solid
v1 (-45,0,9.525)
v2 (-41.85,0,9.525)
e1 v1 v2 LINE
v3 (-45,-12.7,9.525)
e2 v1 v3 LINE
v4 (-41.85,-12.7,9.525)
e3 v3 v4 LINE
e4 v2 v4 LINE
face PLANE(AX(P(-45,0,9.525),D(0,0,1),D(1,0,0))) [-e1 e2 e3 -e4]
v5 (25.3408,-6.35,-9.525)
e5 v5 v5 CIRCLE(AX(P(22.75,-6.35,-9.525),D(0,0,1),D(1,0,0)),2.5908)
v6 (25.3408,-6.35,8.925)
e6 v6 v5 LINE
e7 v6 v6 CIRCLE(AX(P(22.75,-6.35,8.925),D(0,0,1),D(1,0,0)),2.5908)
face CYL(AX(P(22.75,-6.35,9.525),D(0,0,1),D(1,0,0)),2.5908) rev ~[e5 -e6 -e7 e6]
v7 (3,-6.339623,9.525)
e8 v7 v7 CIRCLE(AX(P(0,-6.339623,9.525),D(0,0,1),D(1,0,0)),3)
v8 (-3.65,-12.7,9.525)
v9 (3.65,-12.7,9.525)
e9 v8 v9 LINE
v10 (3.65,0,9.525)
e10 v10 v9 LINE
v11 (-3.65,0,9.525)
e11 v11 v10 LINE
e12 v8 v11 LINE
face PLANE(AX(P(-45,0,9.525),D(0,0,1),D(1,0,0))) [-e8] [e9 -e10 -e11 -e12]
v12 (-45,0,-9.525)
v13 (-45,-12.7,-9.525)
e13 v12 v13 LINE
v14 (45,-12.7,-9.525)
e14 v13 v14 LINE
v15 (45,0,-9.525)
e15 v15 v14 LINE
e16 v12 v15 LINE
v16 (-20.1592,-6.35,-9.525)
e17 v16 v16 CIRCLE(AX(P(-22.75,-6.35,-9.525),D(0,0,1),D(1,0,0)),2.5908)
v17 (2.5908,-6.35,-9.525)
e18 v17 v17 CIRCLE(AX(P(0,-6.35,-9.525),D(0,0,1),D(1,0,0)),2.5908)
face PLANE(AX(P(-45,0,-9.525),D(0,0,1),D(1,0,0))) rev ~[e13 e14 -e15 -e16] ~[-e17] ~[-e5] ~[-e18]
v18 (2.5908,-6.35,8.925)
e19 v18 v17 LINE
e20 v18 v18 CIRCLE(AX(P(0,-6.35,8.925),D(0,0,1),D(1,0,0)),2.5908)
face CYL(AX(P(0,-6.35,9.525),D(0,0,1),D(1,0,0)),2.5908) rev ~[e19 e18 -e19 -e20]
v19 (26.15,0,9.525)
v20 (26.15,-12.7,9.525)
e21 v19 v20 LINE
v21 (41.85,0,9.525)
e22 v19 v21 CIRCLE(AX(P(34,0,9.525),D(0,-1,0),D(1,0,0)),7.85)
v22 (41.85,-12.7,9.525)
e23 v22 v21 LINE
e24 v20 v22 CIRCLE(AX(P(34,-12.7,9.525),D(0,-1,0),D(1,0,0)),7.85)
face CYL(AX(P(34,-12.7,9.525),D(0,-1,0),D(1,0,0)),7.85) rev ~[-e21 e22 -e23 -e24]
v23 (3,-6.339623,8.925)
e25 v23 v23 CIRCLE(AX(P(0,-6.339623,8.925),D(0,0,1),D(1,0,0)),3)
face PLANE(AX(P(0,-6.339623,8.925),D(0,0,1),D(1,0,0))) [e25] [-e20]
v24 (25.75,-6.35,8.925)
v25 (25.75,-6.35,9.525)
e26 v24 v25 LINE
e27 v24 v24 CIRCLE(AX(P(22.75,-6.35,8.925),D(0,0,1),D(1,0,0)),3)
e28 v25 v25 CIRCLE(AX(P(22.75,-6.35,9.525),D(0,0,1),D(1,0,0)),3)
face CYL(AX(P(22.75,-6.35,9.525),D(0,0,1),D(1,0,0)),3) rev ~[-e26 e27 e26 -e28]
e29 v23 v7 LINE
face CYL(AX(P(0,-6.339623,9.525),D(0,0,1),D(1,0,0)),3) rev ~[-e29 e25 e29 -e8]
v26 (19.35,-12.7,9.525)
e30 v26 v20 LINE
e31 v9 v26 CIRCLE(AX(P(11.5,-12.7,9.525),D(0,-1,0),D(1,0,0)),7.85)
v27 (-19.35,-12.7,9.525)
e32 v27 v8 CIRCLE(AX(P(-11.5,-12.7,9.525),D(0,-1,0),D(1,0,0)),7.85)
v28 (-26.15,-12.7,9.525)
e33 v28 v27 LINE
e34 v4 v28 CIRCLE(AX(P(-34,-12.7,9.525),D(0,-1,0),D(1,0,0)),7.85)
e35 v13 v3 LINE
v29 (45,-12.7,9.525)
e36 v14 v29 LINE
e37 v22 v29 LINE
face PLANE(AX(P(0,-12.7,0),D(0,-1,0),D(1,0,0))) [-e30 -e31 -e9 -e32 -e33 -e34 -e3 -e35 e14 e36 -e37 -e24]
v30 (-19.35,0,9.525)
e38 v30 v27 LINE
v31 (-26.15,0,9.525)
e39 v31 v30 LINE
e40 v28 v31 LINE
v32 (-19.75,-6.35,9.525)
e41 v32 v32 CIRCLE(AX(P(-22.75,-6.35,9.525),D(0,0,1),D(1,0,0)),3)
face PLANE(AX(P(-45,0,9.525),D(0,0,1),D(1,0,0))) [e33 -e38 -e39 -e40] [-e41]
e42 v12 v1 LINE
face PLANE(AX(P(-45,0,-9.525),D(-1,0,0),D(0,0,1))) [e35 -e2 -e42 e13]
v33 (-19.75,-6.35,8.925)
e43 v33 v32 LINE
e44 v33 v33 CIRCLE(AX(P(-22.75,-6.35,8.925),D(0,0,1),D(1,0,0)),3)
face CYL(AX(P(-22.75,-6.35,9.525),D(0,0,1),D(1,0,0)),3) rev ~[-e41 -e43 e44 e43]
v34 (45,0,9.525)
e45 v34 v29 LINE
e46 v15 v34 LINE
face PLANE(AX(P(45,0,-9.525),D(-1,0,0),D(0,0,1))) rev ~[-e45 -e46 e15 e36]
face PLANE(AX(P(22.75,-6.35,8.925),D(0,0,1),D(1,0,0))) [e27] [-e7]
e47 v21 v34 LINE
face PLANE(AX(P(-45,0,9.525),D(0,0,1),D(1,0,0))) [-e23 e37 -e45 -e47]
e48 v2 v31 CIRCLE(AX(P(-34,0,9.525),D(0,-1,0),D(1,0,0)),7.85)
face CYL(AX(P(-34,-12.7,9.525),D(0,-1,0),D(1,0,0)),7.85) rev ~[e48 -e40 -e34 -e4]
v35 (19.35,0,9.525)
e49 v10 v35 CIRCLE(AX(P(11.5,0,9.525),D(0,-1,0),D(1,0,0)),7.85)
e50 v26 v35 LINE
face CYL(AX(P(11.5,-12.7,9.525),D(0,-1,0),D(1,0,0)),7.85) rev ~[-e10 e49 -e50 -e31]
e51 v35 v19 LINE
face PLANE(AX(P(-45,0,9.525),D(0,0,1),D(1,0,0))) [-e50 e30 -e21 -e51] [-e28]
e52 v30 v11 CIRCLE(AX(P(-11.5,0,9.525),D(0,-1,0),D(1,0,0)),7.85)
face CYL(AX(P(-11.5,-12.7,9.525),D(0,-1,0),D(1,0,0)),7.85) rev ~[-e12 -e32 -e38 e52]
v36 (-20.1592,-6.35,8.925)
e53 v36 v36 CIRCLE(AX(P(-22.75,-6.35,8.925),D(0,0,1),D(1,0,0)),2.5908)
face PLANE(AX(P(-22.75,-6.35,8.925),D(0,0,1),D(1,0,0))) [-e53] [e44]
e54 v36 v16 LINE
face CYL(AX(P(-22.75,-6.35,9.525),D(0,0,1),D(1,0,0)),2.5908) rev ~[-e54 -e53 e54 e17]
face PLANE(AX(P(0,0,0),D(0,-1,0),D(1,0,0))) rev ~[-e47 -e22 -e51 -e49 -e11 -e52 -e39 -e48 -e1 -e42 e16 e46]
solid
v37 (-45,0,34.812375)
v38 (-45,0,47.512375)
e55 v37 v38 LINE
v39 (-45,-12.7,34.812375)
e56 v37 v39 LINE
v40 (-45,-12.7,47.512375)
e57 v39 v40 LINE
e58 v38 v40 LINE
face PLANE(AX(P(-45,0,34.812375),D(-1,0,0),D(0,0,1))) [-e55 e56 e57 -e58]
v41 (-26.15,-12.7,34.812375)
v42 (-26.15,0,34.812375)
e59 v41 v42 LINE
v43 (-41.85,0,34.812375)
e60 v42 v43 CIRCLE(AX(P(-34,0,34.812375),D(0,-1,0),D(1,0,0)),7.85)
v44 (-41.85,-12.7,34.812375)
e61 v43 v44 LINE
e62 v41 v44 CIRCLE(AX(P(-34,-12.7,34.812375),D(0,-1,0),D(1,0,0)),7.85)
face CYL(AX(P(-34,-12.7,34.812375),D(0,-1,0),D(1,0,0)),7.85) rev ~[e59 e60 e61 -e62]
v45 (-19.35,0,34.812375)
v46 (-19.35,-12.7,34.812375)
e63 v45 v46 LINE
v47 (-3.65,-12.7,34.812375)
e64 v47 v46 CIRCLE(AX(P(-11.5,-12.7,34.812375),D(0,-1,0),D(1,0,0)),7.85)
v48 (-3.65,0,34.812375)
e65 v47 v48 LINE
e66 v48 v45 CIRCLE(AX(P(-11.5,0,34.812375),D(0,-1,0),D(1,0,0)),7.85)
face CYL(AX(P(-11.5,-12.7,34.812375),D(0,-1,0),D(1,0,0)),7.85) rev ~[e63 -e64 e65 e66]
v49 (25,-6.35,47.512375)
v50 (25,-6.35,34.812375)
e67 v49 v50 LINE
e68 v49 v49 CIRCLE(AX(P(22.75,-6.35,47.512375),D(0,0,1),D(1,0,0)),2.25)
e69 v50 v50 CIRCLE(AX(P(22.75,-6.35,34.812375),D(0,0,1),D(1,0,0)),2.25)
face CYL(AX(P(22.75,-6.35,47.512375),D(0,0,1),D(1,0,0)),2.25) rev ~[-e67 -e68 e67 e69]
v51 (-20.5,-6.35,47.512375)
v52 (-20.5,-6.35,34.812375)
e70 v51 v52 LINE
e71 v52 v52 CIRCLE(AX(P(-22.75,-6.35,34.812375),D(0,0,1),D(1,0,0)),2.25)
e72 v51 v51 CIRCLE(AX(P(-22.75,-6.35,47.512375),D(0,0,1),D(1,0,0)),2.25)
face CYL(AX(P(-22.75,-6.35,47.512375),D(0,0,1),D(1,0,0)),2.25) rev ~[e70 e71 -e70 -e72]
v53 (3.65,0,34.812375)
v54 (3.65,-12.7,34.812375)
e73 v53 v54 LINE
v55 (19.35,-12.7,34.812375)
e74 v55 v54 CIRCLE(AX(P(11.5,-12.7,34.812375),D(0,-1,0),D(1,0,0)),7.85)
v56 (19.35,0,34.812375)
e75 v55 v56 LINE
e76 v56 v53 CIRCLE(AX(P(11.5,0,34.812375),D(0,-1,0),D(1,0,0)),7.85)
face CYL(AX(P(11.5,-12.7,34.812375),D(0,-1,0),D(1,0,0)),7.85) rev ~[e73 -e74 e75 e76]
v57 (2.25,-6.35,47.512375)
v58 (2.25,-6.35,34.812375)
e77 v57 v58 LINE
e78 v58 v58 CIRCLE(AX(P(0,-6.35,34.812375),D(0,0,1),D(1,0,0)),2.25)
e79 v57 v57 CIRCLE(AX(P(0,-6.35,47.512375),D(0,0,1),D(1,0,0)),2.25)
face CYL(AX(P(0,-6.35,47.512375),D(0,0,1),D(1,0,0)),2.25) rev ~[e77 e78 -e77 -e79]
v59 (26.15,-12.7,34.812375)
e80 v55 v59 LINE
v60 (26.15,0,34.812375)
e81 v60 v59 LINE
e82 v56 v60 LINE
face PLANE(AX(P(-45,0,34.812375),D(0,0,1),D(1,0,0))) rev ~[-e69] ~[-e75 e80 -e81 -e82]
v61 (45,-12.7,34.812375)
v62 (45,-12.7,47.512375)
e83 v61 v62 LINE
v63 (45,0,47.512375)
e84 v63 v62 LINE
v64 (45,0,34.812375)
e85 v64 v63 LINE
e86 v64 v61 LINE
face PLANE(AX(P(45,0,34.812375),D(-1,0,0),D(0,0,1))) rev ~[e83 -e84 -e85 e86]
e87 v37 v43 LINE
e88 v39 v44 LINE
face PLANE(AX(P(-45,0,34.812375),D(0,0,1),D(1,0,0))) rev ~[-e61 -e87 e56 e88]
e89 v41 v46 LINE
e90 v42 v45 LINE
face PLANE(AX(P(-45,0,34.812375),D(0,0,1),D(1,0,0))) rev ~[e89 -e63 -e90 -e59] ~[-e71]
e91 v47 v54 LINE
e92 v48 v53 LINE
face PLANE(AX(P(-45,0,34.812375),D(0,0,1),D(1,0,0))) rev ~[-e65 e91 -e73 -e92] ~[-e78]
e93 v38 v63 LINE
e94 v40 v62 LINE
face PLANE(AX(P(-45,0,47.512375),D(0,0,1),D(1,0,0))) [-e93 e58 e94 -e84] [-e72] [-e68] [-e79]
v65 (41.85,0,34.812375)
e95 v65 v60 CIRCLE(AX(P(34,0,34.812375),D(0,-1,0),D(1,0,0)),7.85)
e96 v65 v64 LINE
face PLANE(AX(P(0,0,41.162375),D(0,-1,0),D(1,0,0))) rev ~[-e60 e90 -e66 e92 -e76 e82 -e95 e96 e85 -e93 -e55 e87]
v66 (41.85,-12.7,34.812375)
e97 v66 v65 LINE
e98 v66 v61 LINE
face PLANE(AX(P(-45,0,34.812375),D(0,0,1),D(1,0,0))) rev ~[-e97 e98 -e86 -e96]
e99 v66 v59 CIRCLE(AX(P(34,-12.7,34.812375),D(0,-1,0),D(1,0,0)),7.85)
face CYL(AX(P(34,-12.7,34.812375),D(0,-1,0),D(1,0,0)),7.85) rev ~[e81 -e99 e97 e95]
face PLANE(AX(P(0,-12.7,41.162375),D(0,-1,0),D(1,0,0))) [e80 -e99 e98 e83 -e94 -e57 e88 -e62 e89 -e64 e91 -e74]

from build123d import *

# Parameters (mm, degrees)
F0_W      = 90
F0_H      = 19.05
F1_DEPTH  = 12.7
F2_R      = 7.85
F3_DEPTH  = 25.4
F4_W      = 90
F4_H      = 12.7
F5_DEPTH  = 12.7
F6_R      = 7.85
F7_DEPTH  = 25.4
F8_R      = 2.25
F9_DEPTH  = 25.4
F10_R     = 2.5908
F11_DEPTH = 20
F12_R     = 3
F13_DEPTH = 0.5
F14_DEPTH = 0.6


with BuildPart() as f1:
    # F0 (on Front) → F1 (new body)
    with BuildSketch(Plane.XZ):
        Rectangle(F0_W, F0_H)
    extrude(amount=F1_DEPTH)

    # F2 (on face) → F3 (cut)
    with BuildSketch(Plane.XZ.offset(12.7)):
        with Locations((-34, 9.525)):
            Circle(F2_R)
        with Locations((-11.5, 9.525)):
            Circle(F2_R)
        with Locations((11.5, 9.525)):
            Circle(F2_R)
        with Locations((34, 9.525)):
            Circle(F2_R)
    extrude(amount=-F3_DEPTH, mode=Mode.SUBTRACT)

    # F10 (on face) → F11 (cut)
    with BuildSketch(Plane.XY.offset(9.525)):
        with Locations((-22.75, -6.35)):
            Circle(F10_R)
        with Locations((0, -6.35)):
            Circle(F10_R)
        with Locations((22.75, -6.35)):
            Circle(F10_R)
    extrude(amount=-F11_DEPTH, mode=Mode.SUBTRACT)

    # F12 (on face) → F13 (cut)
    with BuildSketch(Plane.XY.offset(9.525)):
        with Locations((-22.75, -6.35)):
            Circle(F12_R)
        with Locations((22.75, -6.35)):
            Circle(F12_R)
        with Locations((0, -6.339623)):
            Circle(F12_R)
    extrude(amount=-F13_DEPTH, mode=Mode.SUBTRACT)

    # F12 (on face) → F14 (cut)
    with BuildSketch(Plane.XY.offset(9.525)):
        with Locations((-22.75, -6.35)):
            Circle(F12_R)
        with Locations((22.75, -6.35)):
            Circle(F12_R)
        with Locations((0, -6.339623)):
            Circle(F12_R)
    extrude(amount=-F14_DEPTH, mode=Mode.SUBTRACT)


with BuildPart() as f5:
    # F4 (on Front) → F5 (new body)
    with BuildSketch(Plane.XZ):
        with Locations((0, 41.162375)):
            Rectangle(F4_W, F4_H)
    extrude(amount=F5_DEPTH)

    # F6 (on face) → F7 (cut)
    with BuildSketch(Plane.XZ.offset(12.7)):
        with Locations((-34, 34.812375)):
            Circle(F6_R)
        with Locations((-11.5, 34.812375)):
            Circle(F6_R)
        with Locations((11.5, 34.812375)):
            Circle(F6_R)
        with Locations((34, 34.812375)):
            Circle(F6_R)
    extrude(amount=-F7_DEPTH, mode=Mode.SUBTRACT)

    # F8 (on face) → F9 (cut)
    with BuildSketch(Plane.XY.offset(47.512375)):
        with Locations((-22.75, -6.35)):
            Circle(F8_R)
        with Locations((0, -6.35)):
            Circle(F8_R)
        with Locations((22.75, -6.35)):
            Circle(F8_R)
    extrude(amount=-F9_DEPTH, mode=Mode.SUBTRACT)


solid = Compound([f1.part, f5.part])
